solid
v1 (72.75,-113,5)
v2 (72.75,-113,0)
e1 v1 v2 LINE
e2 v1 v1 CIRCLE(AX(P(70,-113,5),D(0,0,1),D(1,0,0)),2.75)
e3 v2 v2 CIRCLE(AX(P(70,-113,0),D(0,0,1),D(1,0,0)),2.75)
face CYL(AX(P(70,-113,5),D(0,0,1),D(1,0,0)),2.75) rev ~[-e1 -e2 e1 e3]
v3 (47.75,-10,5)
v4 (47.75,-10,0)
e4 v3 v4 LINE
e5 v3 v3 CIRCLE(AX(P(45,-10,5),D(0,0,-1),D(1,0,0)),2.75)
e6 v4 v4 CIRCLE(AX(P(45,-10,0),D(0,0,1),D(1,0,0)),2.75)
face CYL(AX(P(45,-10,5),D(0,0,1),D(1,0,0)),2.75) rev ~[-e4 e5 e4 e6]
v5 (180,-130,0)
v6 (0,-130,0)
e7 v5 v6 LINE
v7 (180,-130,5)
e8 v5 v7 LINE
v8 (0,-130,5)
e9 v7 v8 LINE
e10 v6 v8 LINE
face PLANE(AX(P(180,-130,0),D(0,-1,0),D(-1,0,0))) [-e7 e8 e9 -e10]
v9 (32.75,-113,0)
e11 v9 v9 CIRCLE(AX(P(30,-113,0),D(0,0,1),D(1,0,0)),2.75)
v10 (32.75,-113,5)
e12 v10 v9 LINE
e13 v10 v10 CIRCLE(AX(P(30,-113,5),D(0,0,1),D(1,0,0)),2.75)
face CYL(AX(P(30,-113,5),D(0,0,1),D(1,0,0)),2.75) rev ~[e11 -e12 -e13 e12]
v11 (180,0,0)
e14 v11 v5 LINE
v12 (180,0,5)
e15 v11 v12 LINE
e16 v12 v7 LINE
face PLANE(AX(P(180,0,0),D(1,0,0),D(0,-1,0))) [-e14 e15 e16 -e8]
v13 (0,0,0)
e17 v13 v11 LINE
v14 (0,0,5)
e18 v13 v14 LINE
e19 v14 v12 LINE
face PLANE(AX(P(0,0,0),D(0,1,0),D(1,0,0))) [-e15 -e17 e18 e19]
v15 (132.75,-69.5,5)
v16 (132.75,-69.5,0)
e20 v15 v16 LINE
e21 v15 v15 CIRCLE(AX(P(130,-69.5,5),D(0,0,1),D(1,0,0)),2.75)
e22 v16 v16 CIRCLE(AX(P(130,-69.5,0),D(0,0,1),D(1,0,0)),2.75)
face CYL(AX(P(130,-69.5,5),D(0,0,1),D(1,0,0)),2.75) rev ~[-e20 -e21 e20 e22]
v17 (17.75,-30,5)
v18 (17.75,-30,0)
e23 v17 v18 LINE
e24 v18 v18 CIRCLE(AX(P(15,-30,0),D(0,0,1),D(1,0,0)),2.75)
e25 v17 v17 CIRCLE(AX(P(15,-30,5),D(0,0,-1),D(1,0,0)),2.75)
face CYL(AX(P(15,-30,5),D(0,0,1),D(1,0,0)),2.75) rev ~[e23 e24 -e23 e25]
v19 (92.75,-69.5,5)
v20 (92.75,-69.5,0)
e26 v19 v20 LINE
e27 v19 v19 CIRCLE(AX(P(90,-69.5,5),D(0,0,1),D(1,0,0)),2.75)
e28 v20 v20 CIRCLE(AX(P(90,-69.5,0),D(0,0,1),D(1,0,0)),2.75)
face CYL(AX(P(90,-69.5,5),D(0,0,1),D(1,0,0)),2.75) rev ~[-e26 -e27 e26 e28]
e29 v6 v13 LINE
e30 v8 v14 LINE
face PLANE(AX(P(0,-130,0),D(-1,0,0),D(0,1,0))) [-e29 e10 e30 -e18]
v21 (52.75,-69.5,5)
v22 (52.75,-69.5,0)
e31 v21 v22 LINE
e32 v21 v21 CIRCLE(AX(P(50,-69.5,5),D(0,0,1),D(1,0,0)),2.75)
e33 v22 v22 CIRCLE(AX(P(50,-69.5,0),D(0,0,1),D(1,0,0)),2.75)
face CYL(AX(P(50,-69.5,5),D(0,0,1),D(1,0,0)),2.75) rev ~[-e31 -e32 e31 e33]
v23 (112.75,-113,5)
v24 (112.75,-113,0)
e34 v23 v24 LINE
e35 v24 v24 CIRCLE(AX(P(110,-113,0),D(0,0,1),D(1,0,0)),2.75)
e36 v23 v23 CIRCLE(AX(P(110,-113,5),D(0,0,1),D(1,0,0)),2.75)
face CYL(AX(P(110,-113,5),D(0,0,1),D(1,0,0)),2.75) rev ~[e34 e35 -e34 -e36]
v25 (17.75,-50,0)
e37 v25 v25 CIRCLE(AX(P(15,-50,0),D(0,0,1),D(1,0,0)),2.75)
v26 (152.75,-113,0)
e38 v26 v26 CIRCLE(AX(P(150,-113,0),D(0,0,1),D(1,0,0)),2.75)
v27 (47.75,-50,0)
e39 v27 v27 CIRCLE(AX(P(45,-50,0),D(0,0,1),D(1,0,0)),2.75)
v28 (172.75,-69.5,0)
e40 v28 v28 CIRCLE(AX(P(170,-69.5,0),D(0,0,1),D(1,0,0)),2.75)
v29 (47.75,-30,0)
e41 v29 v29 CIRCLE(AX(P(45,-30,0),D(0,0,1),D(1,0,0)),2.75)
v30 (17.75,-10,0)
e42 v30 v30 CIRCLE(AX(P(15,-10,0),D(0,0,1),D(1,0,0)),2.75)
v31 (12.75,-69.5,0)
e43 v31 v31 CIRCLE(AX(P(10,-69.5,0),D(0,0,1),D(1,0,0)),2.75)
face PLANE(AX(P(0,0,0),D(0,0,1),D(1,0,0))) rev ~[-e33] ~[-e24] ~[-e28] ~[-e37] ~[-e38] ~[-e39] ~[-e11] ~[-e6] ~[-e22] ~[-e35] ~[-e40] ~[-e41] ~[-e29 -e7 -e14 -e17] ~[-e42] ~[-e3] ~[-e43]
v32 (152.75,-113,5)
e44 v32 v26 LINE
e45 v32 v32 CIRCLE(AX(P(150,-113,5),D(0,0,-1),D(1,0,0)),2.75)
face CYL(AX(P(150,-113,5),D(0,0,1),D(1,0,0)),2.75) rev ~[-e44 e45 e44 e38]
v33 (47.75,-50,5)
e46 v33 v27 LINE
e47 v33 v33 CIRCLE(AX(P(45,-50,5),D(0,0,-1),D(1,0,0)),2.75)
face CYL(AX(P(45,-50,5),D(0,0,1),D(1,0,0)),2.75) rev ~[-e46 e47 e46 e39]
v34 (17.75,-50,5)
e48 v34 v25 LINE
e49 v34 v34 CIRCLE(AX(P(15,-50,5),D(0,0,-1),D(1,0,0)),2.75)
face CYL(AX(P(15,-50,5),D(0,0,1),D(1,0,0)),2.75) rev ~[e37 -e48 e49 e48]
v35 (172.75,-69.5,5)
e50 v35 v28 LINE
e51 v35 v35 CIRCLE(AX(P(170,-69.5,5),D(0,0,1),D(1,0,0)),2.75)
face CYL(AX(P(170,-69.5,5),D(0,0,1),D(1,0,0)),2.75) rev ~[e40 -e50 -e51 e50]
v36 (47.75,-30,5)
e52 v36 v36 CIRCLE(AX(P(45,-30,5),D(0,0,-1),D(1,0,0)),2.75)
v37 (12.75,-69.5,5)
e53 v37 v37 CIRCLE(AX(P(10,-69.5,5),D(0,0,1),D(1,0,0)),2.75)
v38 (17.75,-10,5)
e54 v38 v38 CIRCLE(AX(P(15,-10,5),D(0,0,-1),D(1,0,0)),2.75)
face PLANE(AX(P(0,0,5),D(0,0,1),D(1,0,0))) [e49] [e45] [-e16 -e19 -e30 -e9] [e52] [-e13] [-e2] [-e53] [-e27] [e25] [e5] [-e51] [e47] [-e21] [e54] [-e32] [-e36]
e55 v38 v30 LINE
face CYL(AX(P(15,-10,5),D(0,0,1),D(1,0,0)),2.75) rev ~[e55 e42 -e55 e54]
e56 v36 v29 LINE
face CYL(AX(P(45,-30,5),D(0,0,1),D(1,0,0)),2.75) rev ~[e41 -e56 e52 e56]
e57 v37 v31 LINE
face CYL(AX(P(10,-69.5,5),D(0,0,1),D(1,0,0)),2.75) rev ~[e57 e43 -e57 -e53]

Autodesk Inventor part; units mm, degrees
ref_plane "YZ Plane" through (0, 0, 0) normal (1, 0, 0) x (0, 1, 0)
ref_plane "XZ Plane" through (0, 0, 0) normal (0, 1, 0) x (-1, 0, 0)
ref_plane "XY Plane" through (0, 0, 0) normal (0, 0, 1) x (1, 0, 0)
sketch "Sketch1" plane through (0, 0, 0) normal (0, 0, 1) x (1, 0, 0)
  line L0 (0, 0) -> (180, 0)
  line L1 (180, 0) -> (180, -130)
  line L2 (180, -130) -> (0, -130)
  line L3 (0, -130) -> (0, 0)
  dimension "d0" = 180
  dimension "d1" = 130
extrude "Extrusion1" add sketch "Sketch1" along normal blind 5
sketch "Sketch2" plane through (0, 0, 5) normal (0, 0, 1) x (1, 0, 0)
  line L0 (0, -130) -> (180, -130) projected
  line L1 (180, -130) -> (150, -130)
  line L2 (150, -130) -> (150, -113)
  circle A0 centre (150, -113) radius 2.75
  line L3 (180, -130) -> (180, 0) projected
  line L4 (180, -69.5) -> (170, -69.5)
  line L5 (180, -69.5) -> (190, -69.5) construction
  circle A1 centre (170, -69.5) radius 2.75
  circle A2 centre (130, -69.5) radius 2.75
  circle A3 centre (90, -69.5) radius 2.75
  circle A4 centre (50, -69.5) radius 2.75
  circle A5 centre (10, -69.5) radius 2.75
  circle A6 centre (110, -113) radius 2.75
  circle A7 centre (70, -113) radius 2.75
  circle A8 centre (30, -113) radius 2.75
  point P0 (0, 0)
  dimension "d4" = 30
  dimension "d6" = 5.5
  dimension "d25" = 10
  dimension "d26" = 180
  dimension "d33" = 5.5
  dimension "d34" = 5.5
  dimension "d35" = 5.5
  dimension "d37" = 5.5
  dimension "d53" = 43.5
  dimension "d56" = 40
extrude "Extrusion2" cut sketch "Sketch2" against normal blind 5
sketch "Sketch3" plane through (0, 0, 5) normal (0, 0, 1) x (1, 0, 0)
  line L0 (0, 0) -> (180, 0) projected
  line L1 (0, 0) -> (15, 0)
  line L2 (15, 0) -> (15, -10)
  circle A0 centre (15, -10) radius 2.75
  line L3 (15, -10) -> (15, -30)
  line L4 (15, -30) -> (15, -50)
  circle A1 centre (15, -30) radius 2.75
  circle A2 centre (15, -50) radius 2.75
  line L5 (15, -10) -> (45, -10)
  line L6 (45, -10) -> (45, -30)
  line L7 (45, -30) -> (45, -50)
  circle A3 centre (45, -10) radius 2.75
  circle A4 centre (45, -30) radius 2.75
  circle A5 centre (45, -50) radius 2.75
  dimension "d40" = 15
  dimension "d41" = 10
  dimension "d42" = 5.5
  dimension "d43" = 20
  dimension "d44" = 20
  dimension "d45" = 5.5
  dimension "d46" = 5.5
  dimension "d47" = 30
  dimension "d48" = 5.5
  dimension "d49" = 5.5
  dimension "d50" = 5.5
extrude "Extrusion3" cut sketch "Sketch3" against normal blind 5
properties part number "GantryPlate_v3"
